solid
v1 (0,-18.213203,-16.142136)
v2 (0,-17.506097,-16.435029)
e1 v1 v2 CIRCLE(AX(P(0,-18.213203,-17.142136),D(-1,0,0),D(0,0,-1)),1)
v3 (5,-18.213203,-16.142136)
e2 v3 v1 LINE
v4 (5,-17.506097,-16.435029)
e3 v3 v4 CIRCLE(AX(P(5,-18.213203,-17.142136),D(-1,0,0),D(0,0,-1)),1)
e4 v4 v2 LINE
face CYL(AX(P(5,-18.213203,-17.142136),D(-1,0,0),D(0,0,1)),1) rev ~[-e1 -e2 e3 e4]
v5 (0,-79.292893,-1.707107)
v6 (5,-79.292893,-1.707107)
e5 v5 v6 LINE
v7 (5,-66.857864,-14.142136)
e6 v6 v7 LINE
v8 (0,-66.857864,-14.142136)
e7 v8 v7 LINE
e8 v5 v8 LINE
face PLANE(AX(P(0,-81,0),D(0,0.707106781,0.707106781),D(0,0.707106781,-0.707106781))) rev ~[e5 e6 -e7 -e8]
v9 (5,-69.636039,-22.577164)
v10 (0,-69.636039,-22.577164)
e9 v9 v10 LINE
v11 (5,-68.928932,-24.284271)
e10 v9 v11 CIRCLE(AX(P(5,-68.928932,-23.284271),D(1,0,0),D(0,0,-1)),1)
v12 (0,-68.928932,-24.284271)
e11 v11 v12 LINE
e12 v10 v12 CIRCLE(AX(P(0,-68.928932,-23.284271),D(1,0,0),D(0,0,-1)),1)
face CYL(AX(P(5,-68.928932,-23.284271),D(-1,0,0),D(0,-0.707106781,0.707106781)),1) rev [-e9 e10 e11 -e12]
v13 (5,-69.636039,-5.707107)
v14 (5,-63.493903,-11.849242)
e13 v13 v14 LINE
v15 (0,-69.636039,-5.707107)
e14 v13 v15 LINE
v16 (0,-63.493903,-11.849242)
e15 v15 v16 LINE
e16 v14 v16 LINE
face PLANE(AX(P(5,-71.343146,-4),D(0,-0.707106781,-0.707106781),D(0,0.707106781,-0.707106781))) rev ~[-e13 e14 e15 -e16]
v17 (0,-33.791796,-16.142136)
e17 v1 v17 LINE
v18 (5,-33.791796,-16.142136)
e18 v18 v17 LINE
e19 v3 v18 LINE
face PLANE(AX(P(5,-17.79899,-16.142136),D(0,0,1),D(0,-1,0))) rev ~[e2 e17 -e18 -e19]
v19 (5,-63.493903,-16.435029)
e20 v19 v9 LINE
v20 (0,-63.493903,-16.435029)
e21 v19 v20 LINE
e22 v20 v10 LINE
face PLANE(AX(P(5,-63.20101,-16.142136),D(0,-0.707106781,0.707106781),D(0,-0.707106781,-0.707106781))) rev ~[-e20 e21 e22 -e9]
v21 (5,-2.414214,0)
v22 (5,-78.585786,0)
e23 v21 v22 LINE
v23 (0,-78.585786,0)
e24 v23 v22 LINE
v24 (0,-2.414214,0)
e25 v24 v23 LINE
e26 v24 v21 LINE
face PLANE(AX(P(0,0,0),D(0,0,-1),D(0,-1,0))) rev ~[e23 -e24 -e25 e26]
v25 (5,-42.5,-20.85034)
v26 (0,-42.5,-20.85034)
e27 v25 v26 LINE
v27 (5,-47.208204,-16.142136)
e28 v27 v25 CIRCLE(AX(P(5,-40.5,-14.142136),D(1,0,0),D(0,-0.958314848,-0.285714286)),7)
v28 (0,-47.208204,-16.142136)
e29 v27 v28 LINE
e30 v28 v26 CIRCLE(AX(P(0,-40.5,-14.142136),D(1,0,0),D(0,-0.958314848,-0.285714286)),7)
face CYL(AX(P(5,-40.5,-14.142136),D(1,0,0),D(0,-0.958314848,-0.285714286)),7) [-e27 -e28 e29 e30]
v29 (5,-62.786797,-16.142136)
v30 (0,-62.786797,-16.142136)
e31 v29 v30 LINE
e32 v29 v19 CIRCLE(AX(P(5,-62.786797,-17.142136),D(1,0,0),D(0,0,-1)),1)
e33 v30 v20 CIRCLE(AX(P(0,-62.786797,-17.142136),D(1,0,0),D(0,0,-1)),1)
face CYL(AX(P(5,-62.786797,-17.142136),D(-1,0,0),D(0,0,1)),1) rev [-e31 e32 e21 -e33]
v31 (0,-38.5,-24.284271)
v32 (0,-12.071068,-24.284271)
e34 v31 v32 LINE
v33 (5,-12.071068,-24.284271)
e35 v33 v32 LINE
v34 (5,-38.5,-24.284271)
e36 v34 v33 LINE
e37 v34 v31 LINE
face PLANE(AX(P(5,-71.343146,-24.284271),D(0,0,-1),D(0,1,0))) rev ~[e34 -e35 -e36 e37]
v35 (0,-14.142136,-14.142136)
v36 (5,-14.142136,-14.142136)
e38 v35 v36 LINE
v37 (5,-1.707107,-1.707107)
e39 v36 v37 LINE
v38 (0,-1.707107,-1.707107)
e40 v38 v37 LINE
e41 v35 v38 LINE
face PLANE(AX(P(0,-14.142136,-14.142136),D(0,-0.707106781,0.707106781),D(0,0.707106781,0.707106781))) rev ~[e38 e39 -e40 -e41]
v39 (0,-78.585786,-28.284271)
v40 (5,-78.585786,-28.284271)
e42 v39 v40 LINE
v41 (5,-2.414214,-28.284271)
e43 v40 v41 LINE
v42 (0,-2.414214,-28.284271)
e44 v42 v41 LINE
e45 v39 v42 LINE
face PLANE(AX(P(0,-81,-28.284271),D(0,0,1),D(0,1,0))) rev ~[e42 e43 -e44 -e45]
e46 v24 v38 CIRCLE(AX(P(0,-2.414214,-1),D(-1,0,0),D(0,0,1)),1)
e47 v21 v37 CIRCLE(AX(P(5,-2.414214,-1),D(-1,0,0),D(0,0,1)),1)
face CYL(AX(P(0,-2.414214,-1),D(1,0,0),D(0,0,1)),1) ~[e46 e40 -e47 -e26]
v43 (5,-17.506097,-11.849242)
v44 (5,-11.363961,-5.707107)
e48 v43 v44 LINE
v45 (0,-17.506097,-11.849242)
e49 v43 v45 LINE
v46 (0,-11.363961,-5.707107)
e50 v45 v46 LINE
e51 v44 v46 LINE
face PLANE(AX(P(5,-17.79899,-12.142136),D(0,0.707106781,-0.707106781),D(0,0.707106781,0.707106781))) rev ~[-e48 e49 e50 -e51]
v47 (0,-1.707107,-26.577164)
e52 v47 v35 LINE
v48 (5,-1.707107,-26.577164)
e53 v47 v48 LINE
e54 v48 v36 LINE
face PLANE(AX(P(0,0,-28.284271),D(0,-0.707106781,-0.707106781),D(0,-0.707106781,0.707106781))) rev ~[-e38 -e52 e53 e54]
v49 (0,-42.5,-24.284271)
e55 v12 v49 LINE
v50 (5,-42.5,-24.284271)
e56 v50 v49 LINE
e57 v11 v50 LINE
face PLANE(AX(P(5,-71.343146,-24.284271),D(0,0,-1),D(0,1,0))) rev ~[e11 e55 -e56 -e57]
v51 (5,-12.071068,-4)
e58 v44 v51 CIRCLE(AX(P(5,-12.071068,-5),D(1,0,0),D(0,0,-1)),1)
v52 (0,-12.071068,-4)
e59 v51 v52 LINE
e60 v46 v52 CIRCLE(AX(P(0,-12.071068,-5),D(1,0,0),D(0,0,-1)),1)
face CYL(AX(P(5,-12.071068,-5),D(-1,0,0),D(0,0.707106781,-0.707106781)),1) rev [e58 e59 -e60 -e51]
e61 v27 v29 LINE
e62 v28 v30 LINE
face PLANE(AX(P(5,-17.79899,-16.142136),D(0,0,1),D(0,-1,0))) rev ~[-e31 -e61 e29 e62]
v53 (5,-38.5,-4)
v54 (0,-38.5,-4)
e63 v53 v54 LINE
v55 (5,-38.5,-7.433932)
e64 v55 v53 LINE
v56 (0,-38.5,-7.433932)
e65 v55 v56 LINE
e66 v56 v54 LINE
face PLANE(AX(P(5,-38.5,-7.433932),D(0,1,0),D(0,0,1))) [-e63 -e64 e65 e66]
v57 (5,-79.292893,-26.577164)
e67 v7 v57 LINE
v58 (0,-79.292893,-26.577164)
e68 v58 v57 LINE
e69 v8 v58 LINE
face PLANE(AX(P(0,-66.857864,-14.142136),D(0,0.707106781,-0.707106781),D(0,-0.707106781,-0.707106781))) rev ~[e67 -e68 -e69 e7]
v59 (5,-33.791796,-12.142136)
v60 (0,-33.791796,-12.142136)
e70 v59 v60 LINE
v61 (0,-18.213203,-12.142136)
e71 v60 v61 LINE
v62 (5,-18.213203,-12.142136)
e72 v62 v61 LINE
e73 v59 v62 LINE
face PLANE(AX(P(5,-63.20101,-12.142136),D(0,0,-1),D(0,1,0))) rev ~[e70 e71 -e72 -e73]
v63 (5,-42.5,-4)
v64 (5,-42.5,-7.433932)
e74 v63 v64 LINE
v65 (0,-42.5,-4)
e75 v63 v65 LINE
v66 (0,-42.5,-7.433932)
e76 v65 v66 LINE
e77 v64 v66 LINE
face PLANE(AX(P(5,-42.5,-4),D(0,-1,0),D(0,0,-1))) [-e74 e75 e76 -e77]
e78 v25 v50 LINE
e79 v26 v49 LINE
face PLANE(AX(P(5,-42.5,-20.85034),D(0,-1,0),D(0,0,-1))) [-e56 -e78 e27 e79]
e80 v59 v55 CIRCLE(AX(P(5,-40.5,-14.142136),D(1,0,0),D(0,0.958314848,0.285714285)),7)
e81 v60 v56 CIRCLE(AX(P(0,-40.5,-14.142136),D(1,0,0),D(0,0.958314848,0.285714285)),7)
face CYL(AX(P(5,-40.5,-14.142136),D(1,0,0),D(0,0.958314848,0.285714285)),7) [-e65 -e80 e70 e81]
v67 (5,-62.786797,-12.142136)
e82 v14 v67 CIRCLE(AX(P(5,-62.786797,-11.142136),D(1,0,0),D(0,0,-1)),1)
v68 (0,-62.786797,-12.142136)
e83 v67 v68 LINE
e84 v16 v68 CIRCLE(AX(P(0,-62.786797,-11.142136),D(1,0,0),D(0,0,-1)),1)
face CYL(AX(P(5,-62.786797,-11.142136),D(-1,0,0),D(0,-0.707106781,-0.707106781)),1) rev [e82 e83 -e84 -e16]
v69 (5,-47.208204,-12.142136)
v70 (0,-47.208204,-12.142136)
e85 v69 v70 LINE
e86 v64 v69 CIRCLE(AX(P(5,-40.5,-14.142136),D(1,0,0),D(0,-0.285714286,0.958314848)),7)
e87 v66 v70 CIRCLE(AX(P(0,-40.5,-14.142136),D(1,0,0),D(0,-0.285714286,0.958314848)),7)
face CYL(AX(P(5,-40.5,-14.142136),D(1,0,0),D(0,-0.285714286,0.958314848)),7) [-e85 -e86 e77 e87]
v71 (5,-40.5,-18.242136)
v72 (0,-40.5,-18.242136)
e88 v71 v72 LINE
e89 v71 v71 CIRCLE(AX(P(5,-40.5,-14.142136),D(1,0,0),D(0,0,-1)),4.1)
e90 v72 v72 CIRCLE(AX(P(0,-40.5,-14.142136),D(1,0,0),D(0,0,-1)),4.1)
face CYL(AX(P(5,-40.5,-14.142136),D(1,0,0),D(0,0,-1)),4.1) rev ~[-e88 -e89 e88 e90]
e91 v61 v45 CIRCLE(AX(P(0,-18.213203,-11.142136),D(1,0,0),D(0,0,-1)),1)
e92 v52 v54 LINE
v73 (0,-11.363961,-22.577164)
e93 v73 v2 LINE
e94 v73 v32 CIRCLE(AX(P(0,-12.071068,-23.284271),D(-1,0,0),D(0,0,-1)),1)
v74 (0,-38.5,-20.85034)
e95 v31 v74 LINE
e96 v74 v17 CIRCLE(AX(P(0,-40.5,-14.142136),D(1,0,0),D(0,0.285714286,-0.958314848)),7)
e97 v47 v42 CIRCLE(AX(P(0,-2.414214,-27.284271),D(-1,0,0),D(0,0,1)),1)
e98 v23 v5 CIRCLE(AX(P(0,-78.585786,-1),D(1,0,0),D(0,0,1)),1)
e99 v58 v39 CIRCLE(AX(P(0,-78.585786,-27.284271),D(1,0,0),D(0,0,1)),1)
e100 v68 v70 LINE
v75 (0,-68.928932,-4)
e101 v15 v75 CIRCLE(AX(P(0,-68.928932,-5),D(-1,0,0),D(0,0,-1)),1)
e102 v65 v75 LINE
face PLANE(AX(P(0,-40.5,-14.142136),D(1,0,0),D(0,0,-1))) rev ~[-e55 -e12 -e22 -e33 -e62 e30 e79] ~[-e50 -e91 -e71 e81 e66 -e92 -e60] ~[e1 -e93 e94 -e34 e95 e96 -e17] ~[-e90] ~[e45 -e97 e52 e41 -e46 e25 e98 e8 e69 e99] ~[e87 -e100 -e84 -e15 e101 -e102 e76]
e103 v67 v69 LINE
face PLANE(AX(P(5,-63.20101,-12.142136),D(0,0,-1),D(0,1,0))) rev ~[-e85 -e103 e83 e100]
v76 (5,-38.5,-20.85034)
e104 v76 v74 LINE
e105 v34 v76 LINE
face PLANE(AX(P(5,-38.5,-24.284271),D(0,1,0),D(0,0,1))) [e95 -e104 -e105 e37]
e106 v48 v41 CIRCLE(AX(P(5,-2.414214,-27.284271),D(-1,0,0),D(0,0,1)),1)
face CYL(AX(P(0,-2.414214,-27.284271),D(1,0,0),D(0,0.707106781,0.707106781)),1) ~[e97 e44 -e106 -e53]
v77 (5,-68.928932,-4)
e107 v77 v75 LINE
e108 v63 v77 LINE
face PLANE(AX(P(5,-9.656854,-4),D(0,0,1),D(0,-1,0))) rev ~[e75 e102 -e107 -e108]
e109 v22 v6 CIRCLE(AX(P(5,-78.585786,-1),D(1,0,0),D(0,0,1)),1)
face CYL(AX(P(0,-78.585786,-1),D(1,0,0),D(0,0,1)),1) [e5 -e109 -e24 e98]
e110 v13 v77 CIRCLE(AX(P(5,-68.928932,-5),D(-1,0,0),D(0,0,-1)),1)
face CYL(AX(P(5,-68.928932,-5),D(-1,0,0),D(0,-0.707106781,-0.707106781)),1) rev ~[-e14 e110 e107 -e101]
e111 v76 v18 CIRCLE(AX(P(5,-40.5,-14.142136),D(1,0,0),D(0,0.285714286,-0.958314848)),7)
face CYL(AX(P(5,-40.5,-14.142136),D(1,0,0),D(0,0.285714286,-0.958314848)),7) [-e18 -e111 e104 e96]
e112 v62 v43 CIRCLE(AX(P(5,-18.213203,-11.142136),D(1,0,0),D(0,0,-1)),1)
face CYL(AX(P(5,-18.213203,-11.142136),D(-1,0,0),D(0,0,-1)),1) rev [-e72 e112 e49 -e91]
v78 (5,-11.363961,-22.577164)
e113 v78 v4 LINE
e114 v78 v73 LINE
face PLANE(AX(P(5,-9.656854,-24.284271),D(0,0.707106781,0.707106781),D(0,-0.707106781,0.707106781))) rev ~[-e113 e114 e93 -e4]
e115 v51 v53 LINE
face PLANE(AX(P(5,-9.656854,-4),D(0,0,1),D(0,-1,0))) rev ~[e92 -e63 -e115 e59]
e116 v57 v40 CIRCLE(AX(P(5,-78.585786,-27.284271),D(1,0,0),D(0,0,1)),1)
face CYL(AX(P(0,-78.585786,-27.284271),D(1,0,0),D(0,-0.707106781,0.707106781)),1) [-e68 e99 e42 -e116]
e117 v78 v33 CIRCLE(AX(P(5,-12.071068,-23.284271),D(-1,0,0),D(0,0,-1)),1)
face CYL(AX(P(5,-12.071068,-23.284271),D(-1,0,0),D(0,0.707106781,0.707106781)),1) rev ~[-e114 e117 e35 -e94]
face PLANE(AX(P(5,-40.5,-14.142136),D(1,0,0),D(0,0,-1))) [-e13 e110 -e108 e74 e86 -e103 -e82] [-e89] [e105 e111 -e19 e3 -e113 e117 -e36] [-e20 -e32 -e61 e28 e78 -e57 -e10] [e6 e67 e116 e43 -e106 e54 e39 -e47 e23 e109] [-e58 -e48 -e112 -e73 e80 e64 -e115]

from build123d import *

# Parameters (mm, degrees)
BOSS_EXTRUDE1_DEPTH = 5
CUT_EXTRUDE1_DEPTH  = 86.941840799
BOSS_EXTRUDE2_DEPTH = 5
SKETCH7_R           = 4.1
CUT_EXTRUDE2_DEPTH  = 86.941840799
FILLET1_R           = 1


with BuildPart() as part:
    # Sketch1 → Boss-Extrude1 (new body)
    with BuildSketch(Plane(origin=(0, 0, 0), x_dir=(0, 0, -1), z_dir=(1, 0, 0))):
        Polygon((0, 0), (0, -81), (14.142135624, -66.857864376), (28.284271247, -81), (28.284271247, 0), (14.142135624, -14.142135624), align=None)
    extrude(amount=BOSS_EXTRUDE1_DEPTH)

    # Sketch2 → Cut-Extrude1 (cut, through all)
    with BuildSketch(Plane(origin=(5, 0, 0), x_dir=(0, 0, -1), z_dir=(1, 0, 0))):
        Polygon((4, -71.343145751), (12.142135624, -63.201010127), (12.142135624, -17.798989873), (4, -9.656854249), align=None)
        Polygon((16.142135624, -17.798989873), (16.142135624, -63.201010127), (24.284271247, -71.343145751), (24.284271247, -9.656854249), align=None)
    extrude(amount=-CUT_EXTRUDE1_DEPTH, mode=Mode.SUBTRACT)

    # Sketch6 → Boss-Extrude2 (add, through all)
    with BuildSketch(Plane(origin=(5, 0, 0), x_dir=(0, 0, -1), z_dir=(1, 0, 0))):
        with BuildLine():
            Line((20.850339556, -42.5), (16.142135624, -42.5))
            Line((16.142135624, -42.5), (16.142135624, -47.208203932))
            ThreePointArc((16.142135624, -47.208203932), (19.091883092, -45.449747468), (20.850339556, -42.5))
        make_face()
        with BuildLine():
            Line((20.850339556, -38.5), (16.142135624, -38.5))
            Line((16.142135624, -38.5), (16.142135624, -42.5))
            Line((16.142135624, -42.5), (20.850339556, -42.5))
            ThreePointArc((20.850339556, -42.5), (21.068802482, -41.510587075), (21.142135624, -40.5))
            ThreePointArc((21.142135624, -40.5), (21.068802482, -39.489412925), (20.850339556, -38.5))
        make_face()
        with BuildLine():
            Line((16.142135624, -33.791796068), (16.142135624, -38.5))
            Line((16.142135624, -38.5), (20.850339556, -38.5))
            ThreePointArc((20.850339556, -38.5), (19.091883092, -35.550252532), (16.142135624, -33.791796068))
        make_face()
        with BuildLine():
            ThreePointArc((12.142135624, -33.791796068), (9.192388155, -35.550252532), (7.433931691, -38.5))
            Line((7.433931691, -38.5), (12.142135624, -38.5))
            Line((12.142135624, -38.5), (12.142135624, -33.791796068))
        make_face()
        with BuildLine():
            Line((12.142135624, -42.5), (7.433931691, -42.5))
            ThreePointArc((7.433931691, -42.5), (9.192388155, -45.449747468), (12.142135624, -47.208203932))
            Line((12.142135624, -47.208203932), (12.142135624, -42.5))
        make_face()
        with BuildLine():
            Line((12.142135624, -38.5), (7.433931691, -38.5))
            ThreePointArc((7.433931691, -38.5), (7.142135624, -40.5), (7.433931691, -42.5))
            Line((7.433931691, -42.5), (12.142135624, -42.5))
            Line((12.142135624, -42.5), (12.142135624, -38.5))
        make_face()
        with BuildLine():
            Line((7.433931691, -38.5), (4, -38.5))
            Line((4, -38.5), (4, -42.5))
            Line((4, -42.5), (7.433931691, -42.5))
            ThreePointArc((7.433931691, -42.5), (7.142135624, -40.5), (7.433931691, -38.5))
        make_face()
        with BuildLine():
            Line((24.284271247, -38.5), (20.850339556, -38.5))
            ThreePointArc((20.850339556, -38.5), (21.068802482, -39.489412925), (21.142135624, -40.5))
            ThreePointArc((21.142135624, -40.5), (21.068802482, -41.510587075), (20.850339556, -42.5))
            Line((20.850339556, -42.5), (24.284271247, -42.5))
            Line((24.284271247, -42.5), (24.284271247, -38.5))
        make_face()
    extrude(amount=-BOSS_EXTRUDE2_DEPTH)

    # Sketch7 → Cut-Extrude2 (cut, through all)
    with BuildSketch(Plane(origin=(5, 0, 0), x_dir=(0, 0, -1), z_dir=(1, 0, 0))):
        with Locations((14.142135624, -40.5)):
            Circle(SKETCH7_R)
    extrude(amount=-CUT_EXTRUDE2_DEPTH, mode=Mode.SUBTRACT)

    # Fillet1
    fillet1_edges = [part.edges().sort_by_distance(p)[0] for p in [
        (2.5, 0, 0),
        (2.5, 0, -28.284271247),
        (2.5, -81, -28.284271247),
        (2.5, -81, 0),
        (2.5, -17.798989873, -12.142135624),
        (2.5, -63.201010127, -12.142135624),
        (2.5, -71.343145751, -4),
        (2.5, -9.656854249, -4),
        (2.5, -9.656854249, -24.284271247),
        (2.5, -71.343145751, -24.284271247),
        (2.5, -63.201010127, -16.142135624),
        (2.5, -17.798989873, -16.142135624),
    ]]
    fillet(fillet1_edges, radius=FILLET1_R)


solid = part.part
